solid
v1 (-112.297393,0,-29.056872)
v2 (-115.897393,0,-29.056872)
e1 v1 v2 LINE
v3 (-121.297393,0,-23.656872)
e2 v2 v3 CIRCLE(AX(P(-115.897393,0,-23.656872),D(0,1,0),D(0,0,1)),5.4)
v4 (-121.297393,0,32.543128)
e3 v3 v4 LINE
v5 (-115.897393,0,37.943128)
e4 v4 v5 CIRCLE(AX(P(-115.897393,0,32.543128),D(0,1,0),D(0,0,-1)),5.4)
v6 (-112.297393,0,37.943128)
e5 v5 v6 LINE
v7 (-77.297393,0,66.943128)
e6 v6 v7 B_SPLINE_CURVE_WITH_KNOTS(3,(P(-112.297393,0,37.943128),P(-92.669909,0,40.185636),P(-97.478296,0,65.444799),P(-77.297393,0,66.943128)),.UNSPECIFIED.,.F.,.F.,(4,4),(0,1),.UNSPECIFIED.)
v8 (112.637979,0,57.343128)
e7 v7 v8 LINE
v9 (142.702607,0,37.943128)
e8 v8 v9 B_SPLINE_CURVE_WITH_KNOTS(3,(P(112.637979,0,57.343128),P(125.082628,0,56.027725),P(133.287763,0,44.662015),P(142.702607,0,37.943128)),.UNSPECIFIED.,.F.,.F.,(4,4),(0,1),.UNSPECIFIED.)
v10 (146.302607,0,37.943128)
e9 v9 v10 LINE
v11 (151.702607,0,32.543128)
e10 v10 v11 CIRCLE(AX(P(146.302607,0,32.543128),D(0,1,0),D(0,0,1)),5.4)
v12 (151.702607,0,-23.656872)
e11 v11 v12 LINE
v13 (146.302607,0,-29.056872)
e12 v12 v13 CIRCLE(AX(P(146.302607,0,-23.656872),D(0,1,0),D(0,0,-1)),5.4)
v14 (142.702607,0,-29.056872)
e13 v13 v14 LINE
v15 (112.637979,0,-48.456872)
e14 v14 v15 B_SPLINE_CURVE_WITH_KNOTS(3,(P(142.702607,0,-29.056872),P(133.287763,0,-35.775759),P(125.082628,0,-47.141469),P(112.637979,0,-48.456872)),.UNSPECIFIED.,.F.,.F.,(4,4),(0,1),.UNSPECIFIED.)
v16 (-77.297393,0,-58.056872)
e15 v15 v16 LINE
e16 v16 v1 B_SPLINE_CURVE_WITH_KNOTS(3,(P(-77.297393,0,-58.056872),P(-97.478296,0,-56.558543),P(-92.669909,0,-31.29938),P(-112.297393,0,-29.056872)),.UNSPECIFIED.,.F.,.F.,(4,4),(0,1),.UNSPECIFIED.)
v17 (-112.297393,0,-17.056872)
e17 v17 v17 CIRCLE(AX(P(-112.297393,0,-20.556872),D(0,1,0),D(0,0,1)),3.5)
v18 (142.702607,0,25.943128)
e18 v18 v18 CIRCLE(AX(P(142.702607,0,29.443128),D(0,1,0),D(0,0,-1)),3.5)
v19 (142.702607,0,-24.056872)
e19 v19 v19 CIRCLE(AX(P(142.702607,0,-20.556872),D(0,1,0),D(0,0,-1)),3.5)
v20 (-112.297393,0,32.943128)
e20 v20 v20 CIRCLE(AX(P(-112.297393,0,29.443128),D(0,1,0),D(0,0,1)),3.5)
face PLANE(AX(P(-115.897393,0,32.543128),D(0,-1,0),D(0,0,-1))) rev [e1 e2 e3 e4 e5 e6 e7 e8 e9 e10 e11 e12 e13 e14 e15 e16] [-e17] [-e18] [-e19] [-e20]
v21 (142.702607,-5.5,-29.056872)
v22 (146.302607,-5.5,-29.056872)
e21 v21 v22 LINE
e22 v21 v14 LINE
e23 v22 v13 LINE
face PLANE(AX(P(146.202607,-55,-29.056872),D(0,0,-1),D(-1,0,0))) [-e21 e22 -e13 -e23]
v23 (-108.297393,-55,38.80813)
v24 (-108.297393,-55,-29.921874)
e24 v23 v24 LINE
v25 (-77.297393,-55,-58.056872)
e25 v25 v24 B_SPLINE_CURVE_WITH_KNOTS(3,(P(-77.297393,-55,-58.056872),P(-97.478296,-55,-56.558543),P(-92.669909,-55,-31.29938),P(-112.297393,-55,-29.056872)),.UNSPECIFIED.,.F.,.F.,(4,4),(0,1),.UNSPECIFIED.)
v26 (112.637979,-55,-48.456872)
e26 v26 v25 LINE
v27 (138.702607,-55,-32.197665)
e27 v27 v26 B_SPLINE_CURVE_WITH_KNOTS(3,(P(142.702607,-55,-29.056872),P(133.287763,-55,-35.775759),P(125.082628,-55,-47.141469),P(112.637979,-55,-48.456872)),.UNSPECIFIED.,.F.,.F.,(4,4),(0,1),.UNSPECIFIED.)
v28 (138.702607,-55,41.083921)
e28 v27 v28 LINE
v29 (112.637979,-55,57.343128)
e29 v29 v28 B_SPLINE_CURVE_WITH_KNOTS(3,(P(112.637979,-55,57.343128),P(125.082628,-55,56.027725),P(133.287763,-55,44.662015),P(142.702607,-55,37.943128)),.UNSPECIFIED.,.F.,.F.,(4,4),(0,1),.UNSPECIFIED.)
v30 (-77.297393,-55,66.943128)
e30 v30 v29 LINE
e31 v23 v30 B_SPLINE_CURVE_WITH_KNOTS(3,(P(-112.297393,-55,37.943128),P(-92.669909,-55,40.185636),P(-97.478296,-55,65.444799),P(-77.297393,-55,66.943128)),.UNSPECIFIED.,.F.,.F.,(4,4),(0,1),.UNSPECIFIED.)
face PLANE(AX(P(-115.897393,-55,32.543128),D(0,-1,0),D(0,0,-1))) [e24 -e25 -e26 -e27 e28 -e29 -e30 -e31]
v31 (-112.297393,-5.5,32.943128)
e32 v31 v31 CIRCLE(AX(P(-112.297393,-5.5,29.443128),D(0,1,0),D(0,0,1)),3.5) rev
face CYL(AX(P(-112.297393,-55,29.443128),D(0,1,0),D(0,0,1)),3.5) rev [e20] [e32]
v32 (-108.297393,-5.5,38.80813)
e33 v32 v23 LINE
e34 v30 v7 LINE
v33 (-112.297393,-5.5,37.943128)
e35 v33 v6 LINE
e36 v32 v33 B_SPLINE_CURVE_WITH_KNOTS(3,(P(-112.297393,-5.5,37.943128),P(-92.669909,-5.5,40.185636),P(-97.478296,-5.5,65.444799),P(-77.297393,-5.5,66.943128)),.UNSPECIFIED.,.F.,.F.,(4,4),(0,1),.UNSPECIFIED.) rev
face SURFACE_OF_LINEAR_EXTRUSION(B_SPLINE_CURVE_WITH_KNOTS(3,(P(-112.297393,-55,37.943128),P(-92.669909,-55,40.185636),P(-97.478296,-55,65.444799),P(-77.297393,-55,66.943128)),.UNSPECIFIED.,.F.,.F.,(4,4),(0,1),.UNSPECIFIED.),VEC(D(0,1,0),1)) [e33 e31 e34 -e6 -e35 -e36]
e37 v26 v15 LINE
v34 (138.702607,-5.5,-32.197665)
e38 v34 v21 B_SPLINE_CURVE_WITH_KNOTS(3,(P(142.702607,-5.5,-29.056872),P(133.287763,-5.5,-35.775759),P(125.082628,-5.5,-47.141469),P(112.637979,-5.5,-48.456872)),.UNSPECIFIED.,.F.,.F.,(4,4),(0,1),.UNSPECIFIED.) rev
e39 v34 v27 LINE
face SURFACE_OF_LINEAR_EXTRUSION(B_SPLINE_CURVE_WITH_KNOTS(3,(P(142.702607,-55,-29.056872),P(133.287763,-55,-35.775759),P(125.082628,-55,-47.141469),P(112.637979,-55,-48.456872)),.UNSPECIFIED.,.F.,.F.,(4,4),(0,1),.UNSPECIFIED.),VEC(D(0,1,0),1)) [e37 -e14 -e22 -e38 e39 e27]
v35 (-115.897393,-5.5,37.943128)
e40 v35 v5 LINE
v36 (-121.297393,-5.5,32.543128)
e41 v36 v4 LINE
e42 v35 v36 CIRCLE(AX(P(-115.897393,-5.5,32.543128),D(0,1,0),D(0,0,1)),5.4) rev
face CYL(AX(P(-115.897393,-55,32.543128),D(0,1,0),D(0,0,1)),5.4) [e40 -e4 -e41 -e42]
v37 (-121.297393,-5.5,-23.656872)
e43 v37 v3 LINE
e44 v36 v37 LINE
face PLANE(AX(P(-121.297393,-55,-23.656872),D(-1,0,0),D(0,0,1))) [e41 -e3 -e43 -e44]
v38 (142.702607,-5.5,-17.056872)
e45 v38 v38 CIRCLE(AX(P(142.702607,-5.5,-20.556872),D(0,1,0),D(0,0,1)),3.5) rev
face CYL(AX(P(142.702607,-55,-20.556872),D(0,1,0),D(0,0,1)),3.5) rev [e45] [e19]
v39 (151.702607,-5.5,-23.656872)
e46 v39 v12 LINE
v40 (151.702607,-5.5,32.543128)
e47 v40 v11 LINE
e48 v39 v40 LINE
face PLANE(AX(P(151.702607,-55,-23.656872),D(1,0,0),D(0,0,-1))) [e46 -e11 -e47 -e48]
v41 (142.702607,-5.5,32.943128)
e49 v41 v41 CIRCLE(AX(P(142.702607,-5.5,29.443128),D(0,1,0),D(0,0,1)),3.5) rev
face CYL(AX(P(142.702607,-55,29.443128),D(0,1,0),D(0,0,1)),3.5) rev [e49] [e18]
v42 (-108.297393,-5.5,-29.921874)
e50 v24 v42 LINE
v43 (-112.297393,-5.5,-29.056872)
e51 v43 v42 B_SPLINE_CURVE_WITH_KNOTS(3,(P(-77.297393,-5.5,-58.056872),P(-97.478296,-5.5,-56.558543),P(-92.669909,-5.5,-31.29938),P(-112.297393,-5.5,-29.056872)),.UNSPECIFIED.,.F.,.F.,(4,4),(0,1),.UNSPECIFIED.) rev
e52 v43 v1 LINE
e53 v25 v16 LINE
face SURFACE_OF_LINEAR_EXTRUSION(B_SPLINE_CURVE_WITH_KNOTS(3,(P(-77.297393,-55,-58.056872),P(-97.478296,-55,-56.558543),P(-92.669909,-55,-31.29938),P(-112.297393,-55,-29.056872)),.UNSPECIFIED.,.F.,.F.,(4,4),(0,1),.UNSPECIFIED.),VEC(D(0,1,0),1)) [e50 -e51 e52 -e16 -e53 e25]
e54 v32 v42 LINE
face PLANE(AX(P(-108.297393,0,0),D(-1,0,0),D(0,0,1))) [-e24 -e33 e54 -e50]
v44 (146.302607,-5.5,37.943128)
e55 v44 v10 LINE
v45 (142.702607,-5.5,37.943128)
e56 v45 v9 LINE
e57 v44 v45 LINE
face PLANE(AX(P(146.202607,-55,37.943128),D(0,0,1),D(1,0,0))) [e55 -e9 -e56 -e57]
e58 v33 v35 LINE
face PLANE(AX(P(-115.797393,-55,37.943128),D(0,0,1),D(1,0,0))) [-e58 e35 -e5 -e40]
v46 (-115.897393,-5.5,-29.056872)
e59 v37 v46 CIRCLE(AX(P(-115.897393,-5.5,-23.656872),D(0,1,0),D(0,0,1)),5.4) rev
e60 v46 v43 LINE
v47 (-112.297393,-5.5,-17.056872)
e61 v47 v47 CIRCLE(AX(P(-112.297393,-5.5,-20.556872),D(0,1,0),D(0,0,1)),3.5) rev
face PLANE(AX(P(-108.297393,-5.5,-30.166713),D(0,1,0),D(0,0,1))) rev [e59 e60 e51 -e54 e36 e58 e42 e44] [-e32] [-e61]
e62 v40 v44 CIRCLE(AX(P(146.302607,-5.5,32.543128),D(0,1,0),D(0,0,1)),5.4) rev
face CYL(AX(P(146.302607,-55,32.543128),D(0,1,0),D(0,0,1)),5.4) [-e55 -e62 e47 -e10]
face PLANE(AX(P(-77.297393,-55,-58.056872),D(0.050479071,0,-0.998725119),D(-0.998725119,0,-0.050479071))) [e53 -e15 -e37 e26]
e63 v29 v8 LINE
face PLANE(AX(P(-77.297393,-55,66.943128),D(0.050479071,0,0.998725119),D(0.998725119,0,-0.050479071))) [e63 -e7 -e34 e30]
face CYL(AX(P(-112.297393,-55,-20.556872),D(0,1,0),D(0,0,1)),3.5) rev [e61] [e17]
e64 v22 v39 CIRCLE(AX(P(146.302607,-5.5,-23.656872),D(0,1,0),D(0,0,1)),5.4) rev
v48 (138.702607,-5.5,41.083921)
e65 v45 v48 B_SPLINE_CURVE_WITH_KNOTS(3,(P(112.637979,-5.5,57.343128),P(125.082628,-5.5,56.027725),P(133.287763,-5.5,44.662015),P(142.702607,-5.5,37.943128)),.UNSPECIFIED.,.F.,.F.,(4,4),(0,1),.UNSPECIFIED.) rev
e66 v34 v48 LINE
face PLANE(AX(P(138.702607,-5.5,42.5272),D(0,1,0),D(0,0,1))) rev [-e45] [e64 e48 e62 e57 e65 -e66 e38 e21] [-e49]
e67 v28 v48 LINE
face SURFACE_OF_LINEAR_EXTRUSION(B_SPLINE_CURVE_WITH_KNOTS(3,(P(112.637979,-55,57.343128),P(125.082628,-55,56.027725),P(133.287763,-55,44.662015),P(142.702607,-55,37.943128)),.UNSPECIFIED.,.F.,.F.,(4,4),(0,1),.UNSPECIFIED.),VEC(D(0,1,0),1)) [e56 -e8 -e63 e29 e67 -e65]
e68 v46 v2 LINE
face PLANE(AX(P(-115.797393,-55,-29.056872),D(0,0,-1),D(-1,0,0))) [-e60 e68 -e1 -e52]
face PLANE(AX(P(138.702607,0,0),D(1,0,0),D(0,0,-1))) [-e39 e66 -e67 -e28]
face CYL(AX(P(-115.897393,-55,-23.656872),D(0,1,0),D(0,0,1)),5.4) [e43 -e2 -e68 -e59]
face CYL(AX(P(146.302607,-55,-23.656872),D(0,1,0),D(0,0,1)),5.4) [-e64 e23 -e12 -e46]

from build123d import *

# Parameters (mm, degrees)
SKETCH1_R           = 3.5
BOSS_EXTRUDE2_DEPTH = 55
SKETCH7_W           = 68.999652055
SKETCH7_H           = 50.415620377
CUT_EXTRUDE5_DEPTH  = 13
SKETCH19_W          = 74.859412742
SKETCH19_H          = 60.725118028
CUT_EXTRUDE7_DEPTH  = 13


with BuildPart() as part:
    # Sketch1 → Boss-Extrude2 (new body)
    with BuildSketch(Plane(origin=(0, 0, 0), x_dir=(1, 0, 0), z_dir=(0, 1, 0))):
        with BuildLine():
            Line((-77.297393365, -66.943127962), (112.637979465, -57.343127962))
            add(Edge.make_bspline(
                [(112.637979465, -57.343127962), (125.082628436, -56.027724614), (133.287763268, -44.662014668), (142.702606635, -37.943127962)],
                knots=[0, 0, 0, 0, 1, 1, 1, 1], degree=3))
            Line((142.702606635, -37.943127962), (146.202606635, -37.943127962))
            Line((146.202606635, -37.943127962), (146.302606635, -37.943127962))
            ThreePointArc((146.302606635, -37.943127962), (150.120983253, -36.36150458), (151.702606635, -32.543127962))
            Line((151.702606635, -32.543127962), (151.702606635, 23.656872038))
            ThreePointArc((151.702606635, 23.656872038), (150.120983253, 27.475248656), (146.302606635, 29.056872038))
            Line((146.302606635, 29.056872038), (146.202606635, 29.056872038))
            Line((146.202606635, 29.056872038), (142.702606635, 29.056872038))
            add(Edge.make_bspline(
                [(112.637979465, 48.456872038), (125.082628436, 47.14146869), (133.287763268, 35.775758744), (142.702606635, 29.056872038)],
                knots=[0, 0, 0, 0, 1, 1, 1, 1], degree=3))
            Line((112.637979465, 48.456872038), (-77.297393365, 58.056872038))
            add(Edge.make_bspline(
                [(-77.297393365, 58.056872038), (-97.47829568, 56.558543187), (-92.669908534, 31.299380259), (-112.297393365, 29.056872038)],
                knots=[0, 0, 0, 0, 1, 1, 1, 1], degree=3))
            Line((-112.297393365, 29.056872038), (-115.797393365, 29.056872038))
            Line((-115.797393365, 29.056872038), (-115.897393365, 29.056872038))
            ThreePointArc((-115.897393365, 29.056872038), (-119.715769983, 27.475248656), (-121.297393365, 23.656872038))
            Line((-121.297393365, 23.656872038), (-121.297393365, -32.543127962))
            ThreePointArc((-121.297393365, -32.543127962), (-119.715769983, -36.36150458), (-115.897393365, -37.943127962))
            Line((-115.897393365, -37.943127962), (-115.797393365, -37.943127962))
            Line((-115.797393365, -37.943127962), (-112.297393365, -37.943127962))
            add(Edge.make_bspline(
                [(-77.297393365, -66.943127962), (-97.47829568, -65.444799111), (-92.669908534, -40.185636183), (-112.297393365, -37.943127962)],
                knots=[0, 0, 0, 0, 1, 1, 1, 1], degree=3))
        make_face()
        with Locations((-112.297393365, 20.556872038)):
            Circle(SKETCH1_R, mode=Mode.SUBTRACT)
        with Locations((-112.297393365, -29.443127962)):
            Circle(SKETCH1_R, mode=Mode.SUBTRACT)
        with Locations((142.702606635, -29.443127962)):
            Circle(SKETCH1_R, mode=Mode.SUBTRACT)
        with Locations((142.702606635, 20.556872038)):
            Circle(SKETCH1_R, mode=Mode.SUBTRACT)
    extrude(amount=-BOSS_EXTRUDE2_DEPTH)

    # Sketch7 → Cut-Extrude5 (cut)
    with BuildSketch(Plane.ZY.offset(121.297393365)):
        with Locations((4.333112833, -30.707810189)):
            Rectangle(SKETCH7_W, SKETCH7_H)
    extrude(amount=-CUT_EXTRUDE5_DEPTH, mode=Mode.SUBTRACT)

    # Sketch19 → Cut-Extrude7 (cut)
    with BuildSketch(Plane(origin=(151.702606635, 0, 0), x_dir=(0, 0, -1), z_dir=(1, 0, 0))):
        with Locations((-5.097493458, -35.862559014)):
            Rectangle(SKETCH19_W, SKETCH19_H)
    extrude(amount=-CUT_EXTRUDE7_DEPTH, mode=Mode.SUBTRACT)


solid = part.part
